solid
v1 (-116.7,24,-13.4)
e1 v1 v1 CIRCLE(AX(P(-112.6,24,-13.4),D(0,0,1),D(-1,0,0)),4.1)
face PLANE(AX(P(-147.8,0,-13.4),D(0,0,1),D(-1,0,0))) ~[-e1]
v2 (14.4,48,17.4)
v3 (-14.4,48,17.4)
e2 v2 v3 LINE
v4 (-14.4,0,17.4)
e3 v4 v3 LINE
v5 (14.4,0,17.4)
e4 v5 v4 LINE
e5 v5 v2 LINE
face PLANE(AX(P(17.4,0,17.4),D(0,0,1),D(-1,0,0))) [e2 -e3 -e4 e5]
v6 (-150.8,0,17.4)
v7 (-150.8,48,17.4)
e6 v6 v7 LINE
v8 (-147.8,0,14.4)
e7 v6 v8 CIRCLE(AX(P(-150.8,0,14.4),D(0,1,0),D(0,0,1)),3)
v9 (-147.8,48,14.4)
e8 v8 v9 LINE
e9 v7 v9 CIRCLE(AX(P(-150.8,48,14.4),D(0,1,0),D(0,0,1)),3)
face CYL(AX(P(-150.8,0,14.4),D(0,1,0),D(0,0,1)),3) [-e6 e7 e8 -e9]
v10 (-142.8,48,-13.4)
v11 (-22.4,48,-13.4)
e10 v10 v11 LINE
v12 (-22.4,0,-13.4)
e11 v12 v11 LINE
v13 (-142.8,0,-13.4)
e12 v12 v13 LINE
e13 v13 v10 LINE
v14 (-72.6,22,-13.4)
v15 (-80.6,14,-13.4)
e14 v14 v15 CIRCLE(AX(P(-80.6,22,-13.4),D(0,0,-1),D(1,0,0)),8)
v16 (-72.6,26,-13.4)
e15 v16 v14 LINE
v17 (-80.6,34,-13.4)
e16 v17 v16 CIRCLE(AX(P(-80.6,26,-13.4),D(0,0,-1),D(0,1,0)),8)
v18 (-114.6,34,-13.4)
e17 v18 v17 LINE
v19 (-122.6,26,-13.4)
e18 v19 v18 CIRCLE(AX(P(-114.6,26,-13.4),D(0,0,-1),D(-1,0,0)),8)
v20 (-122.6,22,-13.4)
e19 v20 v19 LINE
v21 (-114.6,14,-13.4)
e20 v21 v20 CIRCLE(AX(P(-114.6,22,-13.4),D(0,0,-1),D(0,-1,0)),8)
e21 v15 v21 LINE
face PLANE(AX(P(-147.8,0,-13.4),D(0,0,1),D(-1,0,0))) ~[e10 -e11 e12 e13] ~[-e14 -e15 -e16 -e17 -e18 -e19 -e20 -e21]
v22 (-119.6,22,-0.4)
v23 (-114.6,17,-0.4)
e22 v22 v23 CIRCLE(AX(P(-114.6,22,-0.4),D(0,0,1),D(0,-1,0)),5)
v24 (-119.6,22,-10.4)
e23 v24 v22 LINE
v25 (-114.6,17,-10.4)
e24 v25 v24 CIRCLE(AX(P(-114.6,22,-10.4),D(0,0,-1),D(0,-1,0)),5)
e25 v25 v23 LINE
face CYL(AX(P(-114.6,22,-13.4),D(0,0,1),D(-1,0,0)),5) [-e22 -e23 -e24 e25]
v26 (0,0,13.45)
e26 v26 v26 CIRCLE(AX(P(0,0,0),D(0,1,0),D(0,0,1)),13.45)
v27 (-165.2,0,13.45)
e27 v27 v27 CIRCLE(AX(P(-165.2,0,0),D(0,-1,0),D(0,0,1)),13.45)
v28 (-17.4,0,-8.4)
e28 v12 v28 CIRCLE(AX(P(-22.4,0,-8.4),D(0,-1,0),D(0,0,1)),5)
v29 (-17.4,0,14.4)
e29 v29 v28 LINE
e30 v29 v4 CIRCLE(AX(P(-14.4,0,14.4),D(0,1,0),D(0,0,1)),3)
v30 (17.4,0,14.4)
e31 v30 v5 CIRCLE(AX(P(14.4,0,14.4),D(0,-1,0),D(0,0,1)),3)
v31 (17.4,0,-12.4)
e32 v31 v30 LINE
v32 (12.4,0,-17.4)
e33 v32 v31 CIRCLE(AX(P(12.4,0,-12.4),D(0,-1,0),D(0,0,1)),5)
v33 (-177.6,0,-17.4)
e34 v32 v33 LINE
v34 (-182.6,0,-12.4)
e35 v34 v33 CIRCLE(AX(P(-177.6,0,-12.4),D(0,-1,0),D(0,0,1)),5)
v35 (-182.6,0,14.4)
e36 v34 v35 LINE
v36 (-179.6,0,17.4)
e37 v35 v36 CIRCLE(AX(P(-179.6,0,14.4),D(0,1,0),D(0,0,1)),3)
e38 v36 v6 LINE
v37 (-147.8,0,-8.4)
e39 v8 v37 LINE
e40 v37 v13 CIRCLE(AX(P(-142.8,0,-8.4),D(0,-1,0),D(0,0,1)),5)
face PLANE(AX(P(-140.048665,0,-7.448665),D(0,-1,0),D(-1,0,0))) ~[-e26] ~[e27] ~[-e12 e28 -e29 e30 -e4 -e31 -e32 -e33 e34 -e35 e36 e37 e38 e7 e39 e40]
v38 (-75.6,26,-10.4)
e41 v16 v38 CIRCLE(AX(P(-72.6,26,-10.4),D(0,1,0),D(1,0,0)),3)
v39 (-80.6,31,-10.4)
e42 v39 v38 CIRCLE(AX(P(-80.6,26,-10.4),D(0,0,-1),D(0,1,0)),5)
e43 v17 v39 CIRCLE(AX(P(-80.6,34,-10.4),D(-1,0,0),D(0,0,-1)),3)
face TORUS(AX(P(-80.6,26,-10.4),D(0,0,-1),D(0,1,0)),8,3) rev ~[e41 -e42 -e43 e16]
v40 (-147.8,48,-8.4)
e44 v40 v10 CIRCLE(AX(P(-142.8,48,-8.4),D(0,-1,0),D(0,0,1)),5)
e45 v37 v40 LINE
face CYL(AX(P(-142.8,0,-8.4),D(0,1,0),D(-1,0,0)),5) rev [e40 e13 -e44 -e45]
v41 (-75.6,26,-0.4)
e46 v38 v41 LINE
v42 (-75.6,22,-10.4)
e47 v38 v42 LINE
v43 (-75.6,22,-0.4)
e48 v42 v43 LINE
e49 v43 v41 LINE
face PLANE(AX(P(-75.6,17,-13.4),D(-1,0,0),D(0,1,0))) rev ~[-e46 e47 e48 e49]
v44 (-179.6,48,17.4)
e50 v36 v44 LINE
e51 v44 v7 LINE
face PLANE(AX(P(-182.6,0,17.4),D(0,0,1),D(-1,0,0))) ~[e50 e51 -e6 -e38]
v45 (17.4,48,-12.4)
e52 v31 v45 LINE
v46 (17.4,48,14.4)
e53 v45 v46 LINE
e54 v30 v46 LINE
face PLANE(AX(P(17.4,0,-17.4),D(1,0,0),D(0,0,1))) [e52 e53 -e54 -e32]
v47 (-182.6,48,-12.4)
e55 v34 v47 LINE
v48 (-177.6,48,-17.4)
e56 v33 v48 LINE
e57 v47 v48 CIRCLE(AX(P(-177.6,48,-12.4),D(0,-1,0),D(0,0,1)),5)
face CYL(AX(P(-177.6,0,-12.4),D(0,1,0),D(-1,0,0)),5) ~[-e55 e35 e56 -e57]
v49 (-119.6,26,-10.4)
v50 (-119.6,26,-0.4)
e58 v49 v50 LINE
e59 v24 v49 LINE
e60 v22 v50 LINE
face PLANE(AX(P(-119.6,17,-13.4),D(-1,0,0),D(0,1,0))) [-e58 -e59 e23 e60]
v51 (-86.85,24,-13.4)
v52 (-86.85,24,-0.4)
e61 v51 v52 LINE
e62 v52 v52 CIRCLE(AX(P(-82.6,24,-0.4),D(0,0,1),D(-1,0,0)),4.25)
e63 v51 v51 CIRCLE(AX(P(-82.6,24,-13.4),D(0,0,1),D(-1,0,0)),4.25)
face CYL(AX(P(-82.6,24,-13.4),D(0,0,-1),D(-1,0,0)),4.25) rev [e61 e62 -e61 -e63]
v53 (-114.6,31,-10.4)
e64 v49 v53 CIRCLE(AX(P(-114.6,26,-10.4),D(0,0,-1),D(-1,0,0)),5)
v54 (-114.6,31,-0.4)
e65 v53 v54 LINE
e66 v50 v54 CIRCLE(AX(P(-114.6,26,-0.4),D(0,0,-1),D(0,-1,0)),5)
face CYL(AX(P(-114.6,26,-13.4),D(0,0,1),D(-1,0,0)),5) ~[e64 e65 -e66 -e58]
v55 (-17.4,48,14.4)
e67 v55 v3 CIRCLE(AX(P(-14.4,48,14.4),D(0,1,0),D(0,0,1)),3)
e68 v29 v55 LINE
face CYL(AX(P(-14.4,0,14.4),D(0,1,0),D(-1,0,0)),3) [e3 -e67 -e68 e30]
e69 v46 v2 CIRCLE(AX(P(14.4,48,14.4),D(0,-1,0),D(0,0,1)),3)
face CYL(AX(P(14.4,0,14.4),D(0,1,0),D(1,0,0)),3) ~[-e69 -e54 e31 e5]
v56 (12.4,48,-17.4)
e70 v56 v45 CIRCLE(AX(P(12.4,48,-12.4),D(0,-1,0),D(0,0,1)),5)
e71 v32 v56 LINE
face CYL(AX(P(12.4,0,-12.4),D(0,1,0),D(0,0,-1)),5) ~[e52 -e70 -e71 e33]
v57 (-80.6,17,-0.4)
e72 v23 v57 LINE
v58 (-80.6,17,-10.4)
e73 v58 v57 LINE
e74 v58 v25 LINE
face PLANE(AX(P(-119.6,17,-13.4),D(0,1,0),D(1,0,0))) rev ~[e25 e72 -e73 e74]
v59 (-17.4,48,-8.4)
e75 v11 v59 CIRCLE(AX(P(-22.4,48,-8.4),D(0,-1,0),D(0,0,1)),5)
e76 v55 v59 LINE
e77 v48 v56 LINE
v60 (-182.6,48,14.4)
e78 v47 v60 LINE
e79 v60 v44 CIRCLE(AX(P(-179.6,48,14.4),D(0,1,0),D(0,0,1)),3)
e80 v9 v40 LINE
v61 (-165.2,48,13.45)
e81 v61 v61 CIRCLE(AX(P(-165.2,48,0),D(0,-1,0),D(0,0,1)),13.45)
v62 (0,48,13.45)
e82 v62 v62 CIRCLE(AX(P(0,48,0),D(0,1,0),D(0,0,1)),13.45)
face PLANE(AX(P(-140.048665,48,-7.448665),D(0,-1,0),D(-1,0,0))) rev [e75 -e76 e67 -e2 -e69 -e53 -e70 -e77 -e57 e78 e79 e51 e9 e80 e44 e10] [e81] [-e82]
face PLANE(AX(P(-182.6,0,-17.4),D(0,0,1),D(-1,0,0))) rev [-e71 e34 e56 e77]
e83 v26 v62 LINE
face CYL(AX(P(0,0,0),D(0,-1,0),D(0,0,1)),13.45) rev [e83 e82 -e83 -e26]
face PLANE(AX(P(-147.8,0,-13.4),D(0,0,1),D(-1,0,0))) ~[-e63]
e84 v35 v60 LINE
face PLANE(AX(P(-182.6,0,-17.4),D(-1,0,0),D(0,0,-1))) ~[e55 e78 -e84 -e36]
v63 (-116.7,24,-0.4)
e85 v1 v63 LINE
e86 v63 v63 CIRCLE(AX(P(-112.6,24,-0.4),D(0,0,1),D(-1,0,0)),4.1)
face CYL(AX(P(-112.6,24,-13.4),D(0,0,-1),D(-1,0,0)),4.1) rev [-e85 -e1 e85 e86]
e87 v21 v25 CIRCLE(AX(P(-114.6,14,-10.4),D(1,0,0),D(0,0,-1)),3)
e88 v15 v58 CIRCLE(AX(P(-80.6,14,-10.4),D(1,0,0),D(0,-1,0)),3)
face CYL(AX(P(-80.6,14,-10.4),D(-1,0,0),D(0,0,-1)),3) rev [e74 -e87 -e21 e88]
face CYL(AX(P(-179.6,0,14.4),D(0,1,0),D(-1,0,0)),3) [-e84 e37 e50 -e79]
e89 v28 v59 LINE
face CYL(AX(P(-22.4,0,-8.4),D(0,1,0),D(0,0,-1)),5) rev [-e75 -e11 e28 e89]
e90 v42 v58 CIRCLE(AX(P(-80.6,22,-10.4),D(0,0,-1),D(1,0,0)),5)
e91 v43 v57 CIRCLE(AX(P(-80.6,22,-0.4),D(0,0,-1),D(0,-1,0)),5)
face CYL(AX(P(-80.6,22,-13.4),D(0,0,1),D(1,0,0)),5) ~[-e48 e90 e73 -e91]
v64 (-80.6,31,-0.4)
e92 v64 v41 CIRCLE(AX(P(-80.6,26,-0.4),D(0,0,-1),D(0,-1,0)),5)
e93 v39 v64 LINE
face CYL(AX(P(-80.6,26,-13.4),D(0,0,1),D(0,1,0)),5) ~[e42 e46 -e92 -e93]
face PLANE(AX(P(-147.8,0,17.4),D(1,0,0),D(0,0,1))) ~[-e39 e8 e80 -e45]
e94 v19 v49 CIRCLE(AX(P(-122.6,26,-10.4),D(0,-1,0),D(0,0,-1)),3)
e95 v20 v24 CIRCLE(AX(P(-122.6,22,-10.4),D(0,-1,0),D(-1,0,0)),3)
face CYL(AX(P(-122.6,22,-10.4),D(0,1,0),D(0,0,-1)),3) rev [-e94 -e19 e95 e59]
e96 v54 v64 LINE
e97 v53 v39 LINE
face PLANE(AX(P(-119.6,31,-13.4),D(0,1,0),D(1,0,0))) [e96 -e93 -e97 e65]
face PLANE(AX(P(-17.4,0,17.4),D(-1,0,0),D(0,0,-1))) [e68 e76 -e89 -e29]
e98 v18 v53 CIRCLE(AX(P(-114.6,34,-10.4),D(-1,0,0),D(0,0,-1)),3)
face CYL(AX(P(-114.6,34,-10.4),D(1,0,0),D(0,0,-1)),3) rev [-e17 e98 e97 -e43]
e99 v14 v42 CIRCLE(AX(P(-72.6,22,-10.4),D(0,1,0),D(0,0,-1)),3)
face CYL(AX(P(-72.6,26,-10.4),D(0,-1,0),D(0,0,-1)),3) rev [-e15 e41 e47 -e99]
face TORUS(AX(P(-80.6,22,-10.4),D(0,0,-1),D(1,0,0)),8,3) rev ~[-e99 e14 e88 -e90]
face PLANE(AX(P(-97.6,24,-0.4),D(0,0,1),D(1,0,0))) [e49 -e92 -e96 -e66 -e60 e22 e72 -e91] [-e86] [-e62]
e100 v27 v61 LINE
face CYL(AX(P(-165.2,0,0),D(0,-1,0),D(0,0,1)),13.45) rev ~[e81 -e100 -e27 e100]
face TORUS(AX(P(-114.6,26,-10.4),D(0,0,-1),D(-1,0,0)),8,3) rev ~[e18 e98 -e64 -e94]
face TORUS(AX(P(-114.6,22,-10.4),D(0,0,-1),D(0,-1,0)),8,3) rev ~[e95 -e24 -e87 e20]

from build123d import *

# Parameters (mm, degrees)
SKETCH1_R           = 13.45
BOSS_EXTRUDE2_DEPTH = 48
SKETCH7_W           = 44
SKETCH7_H           = 14
SKETCH7_R           = 4.25
SKETCH7_R_2         = 4.1
BOSS_EXTRUDE3_DEPTH = 13
FILLET1_R           = 3
FILLET2_R           = 5
FILLET3_R           = 5
FILLET4_R           = 3


with BuildPart() as part:
    # Sketch1 → Boss-Extrude2 (new body)
    with BuildSketch(Plane(origin=(0, 0, 0), x_dir=(1, 0, 0), z_dir=(0, 1, 0))):
        Polygon((-17.4, 17.4), (17.4, 17.4), (17.4, -17.4), (-17.4, -17.4), (-17.4, 13.4), (-82.6, 13.4), (-82.6, 17.4), align=None)
        with Locations(Location((0, 0, 0), (0, 0, 270))):
            Circle(SKETCH1_R, mode=Mode.SUBTRACT)
    boss_extrude2 = extrude(amount=BOSS_EXTRUDE2_DEPTH)

    # Mirror2: Boss-Extrude2 across plane
    add(boss_extrude2.mirror(Plane(origin=(-82.6, 48, -17.4), x_dir=(0, 0, 1), z_dir=(1, 0, 0))))

    # Sketch7 → Boss-Extrude3 (add)
    with BuildSketch(Plane.XY.offset(-13.4)):
        with Locations((-97.6, 24)):
            Rectangle(SKETCH7_W, SKETCH7_H)
        with Locations(Location((-82.6, 24, 0), (0, 0, 180))):
            Circle(SKETCH7_R, mode=Mode.SUBTRACT)
        with Locations(Location((-112.6, 24, 0), (0, 0, 180))):
            Circle(SKETCH7_R_2, mode=Mode.SUBTRACT)
    extrude(amount=BOSS_EXTRUDE3_DEPTH)

    # Fillet1
    fillet1_edges = [part.edges().sort_by_distance(p)[0] for p in [
        (17.4, 24, 17.4),
        (-17.4, 24, 17.4),
        (-182.6, 24, 17.4),
        (-147.8, 24, 17.4),
    ]]
    fillet(fillet1_edges, radius=FILLET1_R)

    # Fillet2
    fillet2_edges = [part.edges().sort_by_distance(p)[0] for p in [
        (-17.4, 24, -13.4),
        (17.4, 24, -17.4),
        (-182.6, 24, -17.4),
        (-147.8, 24, -13.4),
    ]]
    fillet(fillet2_edges, radius=FILLET2_R)

    # Fillet3
    fillet3_edges = [part.edges().sort_by_distance(p)[0] for p in [
        (-75.6, 17, -6.9),
        (-75.6, 31, -6.9),
        (-119.6, 31, -6.9),
        (-119.6, 17, -6.9),
    ]]
    fillet(fillet3_edges, radius=FILLET3_R)

    # Fillet4
    fillet4_edges = [part.edges().sort_by_distance(p)[0] for p in [
        (-97.6, 31, -13.4),
        (-75.6, 24, -13.4),
        (-97.6, 17, -13.4),
        (-119.6, 24, -13.4),
        (-77.064466094, 29.535533906, -13.4),
        (-77.064466094, 18.464466094, -13.4),
        (-118.135533906, 29.535533906, -13.4),
        (-118.135533906, 18.464466094, -13.4),
    ]]
    fillet(fillet4_edges, radius=FILLET4_R)


solid = part.part
